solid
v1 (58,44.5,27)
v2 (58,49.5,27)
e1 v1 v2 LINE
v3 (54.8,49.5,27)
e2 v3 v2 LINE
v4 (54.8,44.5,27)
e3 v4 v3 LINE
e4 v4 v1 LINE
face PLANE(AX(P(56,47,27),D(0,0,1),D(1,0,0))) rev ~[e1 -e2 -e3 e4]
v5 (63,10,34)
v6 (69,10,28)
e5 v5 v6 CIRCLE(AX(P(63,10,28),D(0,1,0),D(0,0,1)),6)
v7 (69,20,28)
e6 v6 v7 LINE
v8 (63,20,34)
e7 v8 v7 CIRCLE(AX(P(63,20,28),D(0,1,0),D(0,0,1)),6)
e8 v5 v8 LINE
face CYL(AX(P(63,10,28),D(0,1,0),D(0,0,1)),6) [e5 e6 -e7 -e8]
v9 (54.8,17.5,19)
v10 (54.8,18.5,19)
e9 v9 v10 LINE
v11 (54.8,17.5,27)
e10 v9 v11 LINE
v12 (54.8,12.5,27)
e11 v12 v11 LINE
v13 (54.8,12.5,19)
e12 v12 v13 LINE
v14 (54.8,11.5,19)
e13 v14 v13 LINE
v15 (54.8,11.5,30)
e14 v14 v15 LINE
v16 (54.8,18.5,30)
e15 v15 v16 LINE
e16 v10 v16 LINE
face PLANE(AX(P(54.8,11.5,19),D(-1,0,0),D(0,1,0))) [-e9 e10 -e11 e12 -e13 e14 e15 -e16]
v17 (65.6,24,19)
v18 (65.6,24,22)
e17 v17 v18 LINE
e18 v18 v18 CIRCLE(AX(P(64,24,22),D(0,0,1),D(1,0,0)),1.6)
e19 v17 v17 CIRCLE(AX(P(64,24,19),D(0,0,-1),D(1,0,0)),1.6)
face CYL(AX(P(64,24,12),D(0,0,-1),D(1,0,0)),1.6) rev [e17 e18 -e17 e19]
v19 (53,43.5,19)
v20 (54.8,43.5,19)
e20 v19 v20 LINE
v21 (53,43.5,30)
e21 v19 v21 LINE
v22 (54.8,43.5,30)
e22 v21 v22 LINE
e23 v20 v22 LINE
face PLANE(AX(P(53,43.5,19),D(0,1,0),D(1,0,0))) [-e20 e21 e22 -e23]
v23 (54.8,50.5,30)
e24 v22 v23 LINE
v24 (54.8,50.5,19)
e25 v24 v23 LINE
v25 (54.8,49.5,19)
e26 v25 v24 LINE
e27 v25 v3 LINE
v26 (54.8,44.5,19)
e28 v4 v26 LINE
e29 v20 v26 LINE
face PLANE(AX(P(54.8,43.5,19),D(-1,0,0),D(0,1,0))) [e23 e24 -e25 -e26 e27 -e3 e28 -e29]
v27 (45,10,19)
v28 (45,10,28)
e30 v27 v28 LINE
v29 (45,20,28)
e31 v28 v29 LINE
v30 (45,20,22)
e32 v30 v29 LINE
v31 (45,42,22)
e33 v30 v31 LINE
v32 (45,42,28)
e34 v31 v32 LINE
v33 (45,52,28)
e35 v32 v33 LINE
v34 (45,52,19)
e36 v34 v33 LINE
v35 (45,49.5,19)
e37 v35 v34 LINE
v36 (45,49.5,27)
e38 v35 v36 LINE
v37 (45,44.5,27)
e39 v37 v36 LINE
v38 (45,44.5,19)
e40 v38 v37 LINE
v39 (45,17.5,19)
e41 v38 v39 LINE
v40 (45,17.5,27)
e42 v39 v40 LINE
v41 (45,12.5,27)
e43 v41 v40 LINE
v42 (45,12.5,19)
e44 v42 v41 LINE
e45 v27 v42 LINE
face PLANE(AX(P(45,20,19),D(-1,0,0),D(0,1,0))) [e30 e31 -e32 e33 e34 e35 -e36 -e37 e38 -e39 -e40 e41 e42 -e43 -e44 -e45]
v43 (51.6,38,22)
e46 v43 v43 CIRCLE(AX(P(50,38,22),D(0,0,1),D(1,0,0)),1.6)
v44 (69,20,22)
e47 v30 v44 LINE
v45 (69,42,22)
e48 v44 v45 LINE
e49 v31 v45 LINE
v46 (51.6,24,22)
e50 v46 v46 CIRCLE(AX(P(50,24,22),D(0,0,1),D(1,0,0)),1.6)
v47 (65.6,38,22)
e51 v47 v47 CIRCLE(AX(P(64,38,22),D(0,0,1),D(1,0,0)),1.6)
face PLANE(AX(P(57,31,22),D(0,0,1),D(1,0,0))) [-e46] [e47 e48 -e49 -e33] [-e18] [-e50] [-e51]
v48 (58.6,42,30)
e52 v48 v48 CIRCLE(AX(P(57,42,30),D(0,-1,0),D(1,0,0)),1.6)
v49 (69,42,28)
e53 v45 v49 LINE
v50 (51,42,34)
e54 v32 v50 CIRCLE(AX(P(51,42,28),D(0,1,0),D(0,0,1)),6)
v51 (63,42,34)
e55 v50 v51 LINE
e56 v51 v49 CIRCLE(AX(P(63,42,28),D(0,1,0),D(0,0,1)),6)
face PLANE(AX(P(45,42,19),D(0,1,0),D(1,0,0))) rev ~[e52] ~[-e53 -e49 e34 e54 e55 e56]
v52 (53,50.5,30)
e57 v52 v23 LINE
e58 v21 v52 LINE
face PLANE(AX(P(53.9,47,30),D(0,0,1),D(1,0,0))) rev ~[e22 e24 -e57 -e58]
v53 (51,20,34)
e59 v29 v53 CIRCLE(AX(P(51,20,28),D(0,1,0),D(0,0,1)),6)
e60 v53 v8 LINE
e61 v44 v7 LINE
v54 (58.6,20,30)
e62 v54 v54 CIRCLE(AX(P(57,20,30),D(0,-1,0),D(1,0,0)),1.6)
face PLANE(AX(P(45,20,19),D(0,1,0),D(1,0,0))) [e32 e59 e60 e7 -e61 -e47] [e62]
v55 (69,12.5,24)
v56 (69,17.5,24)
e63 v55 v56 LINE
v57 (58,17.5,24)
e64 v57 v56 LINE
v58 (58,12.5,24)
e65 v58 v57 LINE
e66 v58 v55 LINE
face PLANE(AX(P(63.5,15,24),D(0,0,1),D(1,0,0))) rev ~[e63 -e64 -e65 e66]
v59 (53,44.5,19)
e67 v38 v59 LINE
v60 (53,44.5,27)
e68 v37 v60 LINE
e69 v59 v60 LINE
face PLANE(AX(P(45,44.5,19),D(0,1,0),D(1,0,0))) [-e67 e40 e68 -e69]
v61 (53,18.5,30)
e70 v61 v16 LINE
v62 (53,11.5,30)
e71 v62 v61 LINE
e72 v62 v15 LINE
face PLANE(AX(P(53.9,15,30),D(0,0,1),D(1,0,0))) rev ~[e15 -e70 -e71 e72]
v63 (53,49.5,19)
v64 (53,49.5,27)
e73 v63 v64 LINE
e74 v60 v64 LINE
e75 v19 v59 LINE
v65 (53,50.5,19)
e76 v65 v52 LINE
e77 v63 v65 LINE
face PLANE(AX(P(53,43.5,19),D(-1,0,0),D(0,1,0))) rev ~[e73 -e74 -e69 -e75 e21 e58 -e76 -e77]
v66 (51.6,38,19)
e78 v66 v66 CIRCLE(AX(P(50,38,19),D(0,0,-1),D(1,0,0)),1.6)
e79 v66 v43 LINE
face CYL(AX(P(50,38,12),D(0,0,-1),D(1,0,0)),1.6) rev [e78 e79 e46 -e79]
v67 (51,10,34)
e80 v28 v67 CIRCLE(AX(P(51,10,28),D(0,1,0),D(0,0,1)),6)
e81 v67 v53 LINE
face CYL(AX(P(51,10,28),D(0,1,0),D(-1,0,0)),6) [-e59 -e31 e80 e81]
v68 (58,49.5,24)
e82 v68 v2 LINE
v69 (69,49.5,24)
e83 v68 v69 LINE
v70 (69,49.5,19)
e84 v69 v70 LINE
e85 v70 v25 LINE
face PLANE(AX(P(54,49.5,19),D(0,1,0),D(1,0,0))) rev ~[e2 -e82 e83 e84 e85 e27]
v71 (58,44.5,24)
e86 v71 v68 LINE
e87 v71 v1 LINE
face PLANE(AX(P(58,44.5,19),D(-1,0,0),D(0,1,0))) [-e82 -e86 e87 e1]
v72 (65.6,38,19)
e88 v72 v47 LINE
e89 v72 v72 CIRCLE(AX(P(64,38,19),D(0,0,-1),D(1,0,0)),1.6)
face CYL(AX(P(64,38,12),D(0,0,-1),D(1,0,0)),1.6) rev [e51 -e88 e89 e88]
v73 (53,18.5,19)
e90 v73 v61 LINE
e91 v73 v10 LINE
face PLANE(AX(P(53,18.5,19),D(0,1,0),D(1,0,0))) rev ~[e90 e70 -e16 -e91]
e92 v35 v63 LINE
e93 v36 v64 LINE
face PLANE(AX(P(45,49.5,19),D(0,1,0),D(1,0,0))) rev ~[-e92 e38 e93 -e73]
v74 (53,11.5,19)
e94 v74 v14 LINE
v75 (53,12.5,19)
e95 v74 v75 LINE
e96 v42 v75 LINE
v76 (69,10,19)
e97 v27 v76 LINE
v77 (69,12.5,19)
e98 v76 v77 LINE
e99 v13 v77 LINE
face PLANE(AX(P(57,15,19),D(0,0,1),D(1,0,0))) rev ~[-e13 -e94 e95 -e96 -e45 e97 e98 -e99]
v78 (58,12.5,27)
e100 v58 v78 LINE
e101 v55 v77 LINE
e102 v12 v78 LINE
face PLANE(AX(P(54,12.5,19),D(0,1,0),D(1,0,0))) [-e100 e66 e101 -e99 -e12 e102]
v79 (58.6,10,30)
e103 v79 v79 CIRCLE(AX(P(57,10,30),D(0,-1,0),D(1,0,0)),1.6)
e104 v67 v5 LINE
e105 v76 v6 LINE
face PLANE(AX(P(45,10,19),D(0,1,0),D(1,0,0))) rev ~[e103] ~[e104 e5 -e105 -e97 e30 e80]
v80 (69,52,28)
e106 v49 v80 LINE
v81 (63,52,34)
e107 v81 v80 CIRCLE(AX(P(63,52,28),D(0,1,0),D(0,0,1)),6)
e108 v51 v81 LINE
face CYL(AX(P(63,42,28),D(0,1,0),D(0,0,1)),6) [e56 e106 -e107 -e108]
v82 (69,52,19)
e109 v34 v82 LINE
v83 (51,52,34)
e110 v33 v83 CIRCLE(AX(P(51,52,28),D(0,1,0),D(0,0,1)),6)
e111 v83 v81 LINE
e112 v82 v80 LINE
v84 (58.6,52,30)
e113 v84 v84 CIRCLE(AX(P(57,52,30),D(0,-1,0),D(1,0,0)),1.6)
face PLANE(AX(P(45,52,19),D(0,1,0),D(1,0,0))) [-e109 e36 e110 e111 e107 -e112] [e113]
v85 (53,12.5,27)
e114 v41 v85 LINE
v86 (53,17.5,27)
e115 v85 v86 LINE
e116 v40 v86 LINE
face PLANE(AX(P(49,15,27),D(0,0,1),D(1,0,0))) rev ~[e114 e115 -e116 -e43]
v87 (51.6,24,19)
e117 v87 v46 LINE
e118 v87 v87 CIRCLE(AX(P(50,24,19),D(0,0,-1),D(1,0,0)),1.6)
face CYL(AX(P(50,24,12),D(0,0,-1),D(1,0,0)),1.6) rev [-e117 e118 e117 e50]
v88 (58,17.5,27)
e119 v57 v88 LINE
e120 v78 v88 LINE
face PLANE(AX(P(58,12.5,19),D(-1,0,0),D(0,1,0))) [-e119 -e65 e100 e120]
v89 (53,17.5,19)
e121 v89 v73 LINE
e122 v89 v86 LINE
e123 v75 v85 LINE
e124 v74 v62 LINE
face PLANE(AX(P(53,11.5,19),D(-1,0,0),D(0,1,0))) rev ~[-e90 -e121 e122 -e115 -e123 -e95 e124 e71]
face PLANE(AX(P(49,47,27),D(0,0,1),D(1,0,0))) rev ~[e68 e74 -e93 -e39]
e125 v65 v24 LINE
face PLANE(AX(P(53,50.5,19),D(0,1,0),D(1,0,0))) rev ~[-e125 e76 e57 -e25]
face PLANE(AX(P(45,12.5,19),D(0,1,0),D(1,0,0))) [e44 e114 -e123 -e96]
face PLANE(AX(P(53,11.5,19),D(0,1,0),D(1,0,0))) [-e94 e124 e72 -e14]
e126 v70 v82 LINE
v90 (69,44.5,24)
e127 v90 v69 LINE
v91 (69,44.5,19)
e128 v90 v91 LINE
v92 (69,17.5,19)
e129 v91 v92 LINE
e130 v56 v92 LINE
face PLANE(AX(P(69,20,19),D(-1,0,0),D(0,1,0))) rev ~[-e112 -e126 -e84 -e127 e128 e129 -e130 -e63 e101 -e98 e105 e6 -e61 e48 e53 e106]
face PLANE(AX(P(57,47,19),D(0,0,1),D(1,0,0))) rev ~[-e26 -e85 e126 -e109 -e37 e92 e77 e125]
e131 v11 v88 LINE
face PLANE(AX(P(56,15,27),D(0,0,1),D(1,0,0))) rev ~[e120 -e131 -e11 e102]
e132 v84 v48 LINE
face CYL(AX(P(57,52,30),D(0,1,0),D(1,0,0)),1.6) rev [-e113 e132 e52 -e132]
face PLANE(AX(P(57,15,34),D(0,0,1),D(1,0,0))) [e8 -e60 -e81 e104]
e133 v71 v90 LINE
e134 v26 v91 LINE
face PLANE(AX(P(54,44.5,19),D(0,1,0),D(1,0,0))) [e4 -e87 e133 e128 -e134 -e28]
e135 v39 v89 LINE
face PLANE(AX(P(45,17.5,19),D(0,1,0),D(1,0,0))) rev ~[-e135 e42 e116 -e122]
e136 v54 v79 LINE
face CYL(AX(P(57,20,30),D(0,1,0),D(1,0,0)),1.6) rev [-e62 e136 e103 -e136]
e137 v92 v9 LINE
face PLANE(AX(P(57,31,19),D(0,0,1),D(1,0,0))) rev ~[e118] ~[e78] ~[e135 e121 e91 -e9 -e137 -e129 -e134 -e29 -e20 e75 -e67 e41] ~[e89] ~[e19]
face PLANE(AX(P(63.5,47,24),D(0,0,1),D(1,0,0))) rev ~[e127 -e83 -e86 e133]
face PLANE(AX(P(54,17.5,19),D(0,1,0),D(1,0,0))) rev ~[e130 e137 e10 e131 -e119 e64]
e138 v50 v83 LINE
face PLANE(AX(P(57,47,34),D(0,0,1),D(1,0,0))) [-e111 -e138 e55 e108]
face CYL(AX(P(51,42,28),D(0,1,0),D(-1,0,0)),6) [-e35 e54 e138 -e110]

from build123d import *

# Parameters (mm, degrees)
CYLINDER171_R     = 1.6
CYLINDER171_DEPTH = 10
CYLINDER173_R     = 1.6
CYLINDER173_DEPTH = 10
CYLINDER172_R     = 1.6
CYLINDER172_DEPTH = 10
CYLINDER170_R     = 1.6
CYLINDER170_DEPTH = 10
CYLINDER169_R     = 1.6
CYLINDER169_DEPTH = 10
BOX090_W          = 19
BOX090_H          = 5
BOX090_DEPTH      = 5
BOX089_W          = 4
BOX089_H          = 5
BOX089_DEPTH      = 8
BOX088_W          = 1.8
BOX088_H          = 7
BOX088_DEPTH      = 11
BOX086_W          = 8
BOX086_H          = 5
BOX086_DEPTH      = 8
BOX087_W          = 24
BOX087_H          = 10
BOX087_DEPTH      = 15
FILLET048_R       = 6
BOX091_W          = 24
BOX091_H          = 22
BOX091_DEPTH      = 3
FILLET047_R       = 6


with BuildPart() as cylinder171:
    # Cylinder171 → Cylinder171 (new body)
    with BuildSketch(Plane(origin=(50, 24, 12), x_dir=(1, 0, 0), z_dir=(0, 0, 1))):
        Circle(CYLINDER171_R)
    extrude(amount=CYLINDER171_DEPTH)


with BuildPart() as cylinder173:
    # Cylinder173 → Cylinder173 (new body)
    with BuildSketch(Plane(origin=(64, 24, 12), x_dir=(1, 0, 0), z_dir=(0, 0, 1))):
        Circle(CYLINDER173_R)
    extrude(amount=CYLINDER173_DEPTH)


with BuildPart() as cylinder172:
    # Cylinder172 → Cylinder172 (new body)
    with BuildSketch(Plane(origin=(64, 38, 12), x_dir=(1, 0, 0), z_dir=(0, 0, 1))):
        Circle(CYLINDER172_R)
    extrude(amount=CYLINDER172_DEPTH)


with BuildPart() as fusion152:
    # Cylinder170 → Cylinder170 (new body)
    with BuildSketch(Plane(origin=(50, 38, 12), x_dir=(1, 0, 0), z_dir=(0, 0, 1))):
        Circle(CYLINDER170_R)
    extrude(amount=CYLINDER170_DEPTH)

    # Fusion152: union Cylinder171, Cylinder173, Cylinder172
    add(cylinder171.part)
    add(cylinder173.part)
    add(cylinder172.part)


with BuildPart() as cylinder169:
    # Cylinder169 → Cylinder169 (new body)
    with BuildSketch(Plane(origin=(57, 52, 30), x_dir=(1, 0, 0), z_dir=(0, -1, 0))):
        Circle(CYLINDER169_R)
    extrude(amount=CYLINDER169_DEPTH)


with BuildPart() as cube058:
    # Box090 → Box090 (new body)
    with BuildSketch(Plane(origin=(54, 44.5, 19), x_dir=(1, 0, 0), z_dir=(0, 0, 1))):
        with Locations((9.5, 2.5)):
            Rectangle(BOX090_W, BOX090_H)
    extrude(amount=BOX090_DEPTH)


with BuildPart() as cube057:
    # Box089 → Box089 (new body)
    with BuildSketch(Plane(origin=(54, 44.5, 19), x_dir=(1, 0, 0), z_dir=(0, 0, 1))):
        with Locations((2, 2.5)):
            Rectangle(BOX089_W, BOX089_H)
    extrude(amount=BOX089_DEPTH)


with BuildPart() as cube056:
    # Box088 → Box088 (new body)
    with BuildSketch(Plane(origin=(53, 43.5, 19), x_dir=(1, 0, 0), z_dir=(0, 0, 1))):
        with Locations((0.9, 3.5)):
            Rectangle(BOX088_W, BOX088_H)
    extrude(amount=BOX088_DEPTH)


with BuildPart() as cube054:
    # Box086 → Box086 (new body)
    with BuildSketch(Plane(origin=(45, 44.5, 19), x_dir=(1, 0, 0), z_dir=(0, 0, 1))):
        with Locations((4, 2.5)):
            Rectangle(BOX086_W, BOX086_H)
    extrude(amount=BOX086_DEPTH)


with BuildPart() as cut106:
    # Box087 → Box087 (new body)
    with BuildSketch(Plane(origin=(45, 42, 19), x_dir=(1, 0, 0), z_dir=(0, 0, 1))):
        with Locations((12, 5)):
            Rectangle(BOX087_W, BOX087_H)
    extrude(amount=BOX087_DEPTH)

    # Cut103: cut Cube054
    add(cube054.part, mode=Mode.SUBTRACT)

    # Cut104: cut Cube056
    add(cube056.part, mode=Mode.SUBTRACT)

    # Cut105: cut Cube057
    add(cube057.part, mode=Mode.SUBTRACT)

    # Cut106: cut Cube058
    add(cube058.part, mode=Mode.SUBTRACT)


with BuildPart() as fillet048:
    # Cut108 base: copy of Cut106
    add(cut106.part)

    # Cut108: cut Cylinder169
    add(cylinder169.part, mode=Mode.SUBTRACT)

    # Fillet048
    fillet048_edges = [fillet048.edges().sort_by_distance(p)[0] for p in [
        (45, 47, 34),
        (69, 47, 34),
    ]]
    fillet(fillet048_edges, radius=FILLET048_R)


with BuildPart() as cube059:
    # Box091 → Box091 (new body)
    with BuildSketch(Plane(origin=(45, 20, 19), x_dir=(1, 0, 0), z_dir=(0, 0, 1))):
        with Locations((12, 11)):
            Rectangle(BOX091_W, BOX091_H)
    extrude(amount=BOX091_DEPTH)


with BuildPart() as fake_cylinder_holder:
    # Cut107 base: copy of Cut106
    add(cut106.part)

    # Cut107: cut Cylinder169
    add(cylinder169.part, mode=Mode.SUBTRACT)

    # Fillet047
    fillet047_edges = [fake_cylinder_holder.edges().sort_by_distance(p)[0] for p in [
        (45, 47, 34),
        (69, 47, 34),
    ]]
    fillet(fillet047_edges, radius=FILLET047_R)


with BuildPart() as fake_cylinder_holder_1:
    # Fillet047 placement: moved
    add(fake_cylinder_holder.part.moved(Location((0, -32, 0))))

    # Fusion151: union Fillet048, Cube059
    add(fillet048.part)
    add(cube059.part)

    # Cut110: cut Fusion152
    add(fusion152.part, mode=Mode.SUBTRACT)


solid = fake_cylinder_holder_1.part
